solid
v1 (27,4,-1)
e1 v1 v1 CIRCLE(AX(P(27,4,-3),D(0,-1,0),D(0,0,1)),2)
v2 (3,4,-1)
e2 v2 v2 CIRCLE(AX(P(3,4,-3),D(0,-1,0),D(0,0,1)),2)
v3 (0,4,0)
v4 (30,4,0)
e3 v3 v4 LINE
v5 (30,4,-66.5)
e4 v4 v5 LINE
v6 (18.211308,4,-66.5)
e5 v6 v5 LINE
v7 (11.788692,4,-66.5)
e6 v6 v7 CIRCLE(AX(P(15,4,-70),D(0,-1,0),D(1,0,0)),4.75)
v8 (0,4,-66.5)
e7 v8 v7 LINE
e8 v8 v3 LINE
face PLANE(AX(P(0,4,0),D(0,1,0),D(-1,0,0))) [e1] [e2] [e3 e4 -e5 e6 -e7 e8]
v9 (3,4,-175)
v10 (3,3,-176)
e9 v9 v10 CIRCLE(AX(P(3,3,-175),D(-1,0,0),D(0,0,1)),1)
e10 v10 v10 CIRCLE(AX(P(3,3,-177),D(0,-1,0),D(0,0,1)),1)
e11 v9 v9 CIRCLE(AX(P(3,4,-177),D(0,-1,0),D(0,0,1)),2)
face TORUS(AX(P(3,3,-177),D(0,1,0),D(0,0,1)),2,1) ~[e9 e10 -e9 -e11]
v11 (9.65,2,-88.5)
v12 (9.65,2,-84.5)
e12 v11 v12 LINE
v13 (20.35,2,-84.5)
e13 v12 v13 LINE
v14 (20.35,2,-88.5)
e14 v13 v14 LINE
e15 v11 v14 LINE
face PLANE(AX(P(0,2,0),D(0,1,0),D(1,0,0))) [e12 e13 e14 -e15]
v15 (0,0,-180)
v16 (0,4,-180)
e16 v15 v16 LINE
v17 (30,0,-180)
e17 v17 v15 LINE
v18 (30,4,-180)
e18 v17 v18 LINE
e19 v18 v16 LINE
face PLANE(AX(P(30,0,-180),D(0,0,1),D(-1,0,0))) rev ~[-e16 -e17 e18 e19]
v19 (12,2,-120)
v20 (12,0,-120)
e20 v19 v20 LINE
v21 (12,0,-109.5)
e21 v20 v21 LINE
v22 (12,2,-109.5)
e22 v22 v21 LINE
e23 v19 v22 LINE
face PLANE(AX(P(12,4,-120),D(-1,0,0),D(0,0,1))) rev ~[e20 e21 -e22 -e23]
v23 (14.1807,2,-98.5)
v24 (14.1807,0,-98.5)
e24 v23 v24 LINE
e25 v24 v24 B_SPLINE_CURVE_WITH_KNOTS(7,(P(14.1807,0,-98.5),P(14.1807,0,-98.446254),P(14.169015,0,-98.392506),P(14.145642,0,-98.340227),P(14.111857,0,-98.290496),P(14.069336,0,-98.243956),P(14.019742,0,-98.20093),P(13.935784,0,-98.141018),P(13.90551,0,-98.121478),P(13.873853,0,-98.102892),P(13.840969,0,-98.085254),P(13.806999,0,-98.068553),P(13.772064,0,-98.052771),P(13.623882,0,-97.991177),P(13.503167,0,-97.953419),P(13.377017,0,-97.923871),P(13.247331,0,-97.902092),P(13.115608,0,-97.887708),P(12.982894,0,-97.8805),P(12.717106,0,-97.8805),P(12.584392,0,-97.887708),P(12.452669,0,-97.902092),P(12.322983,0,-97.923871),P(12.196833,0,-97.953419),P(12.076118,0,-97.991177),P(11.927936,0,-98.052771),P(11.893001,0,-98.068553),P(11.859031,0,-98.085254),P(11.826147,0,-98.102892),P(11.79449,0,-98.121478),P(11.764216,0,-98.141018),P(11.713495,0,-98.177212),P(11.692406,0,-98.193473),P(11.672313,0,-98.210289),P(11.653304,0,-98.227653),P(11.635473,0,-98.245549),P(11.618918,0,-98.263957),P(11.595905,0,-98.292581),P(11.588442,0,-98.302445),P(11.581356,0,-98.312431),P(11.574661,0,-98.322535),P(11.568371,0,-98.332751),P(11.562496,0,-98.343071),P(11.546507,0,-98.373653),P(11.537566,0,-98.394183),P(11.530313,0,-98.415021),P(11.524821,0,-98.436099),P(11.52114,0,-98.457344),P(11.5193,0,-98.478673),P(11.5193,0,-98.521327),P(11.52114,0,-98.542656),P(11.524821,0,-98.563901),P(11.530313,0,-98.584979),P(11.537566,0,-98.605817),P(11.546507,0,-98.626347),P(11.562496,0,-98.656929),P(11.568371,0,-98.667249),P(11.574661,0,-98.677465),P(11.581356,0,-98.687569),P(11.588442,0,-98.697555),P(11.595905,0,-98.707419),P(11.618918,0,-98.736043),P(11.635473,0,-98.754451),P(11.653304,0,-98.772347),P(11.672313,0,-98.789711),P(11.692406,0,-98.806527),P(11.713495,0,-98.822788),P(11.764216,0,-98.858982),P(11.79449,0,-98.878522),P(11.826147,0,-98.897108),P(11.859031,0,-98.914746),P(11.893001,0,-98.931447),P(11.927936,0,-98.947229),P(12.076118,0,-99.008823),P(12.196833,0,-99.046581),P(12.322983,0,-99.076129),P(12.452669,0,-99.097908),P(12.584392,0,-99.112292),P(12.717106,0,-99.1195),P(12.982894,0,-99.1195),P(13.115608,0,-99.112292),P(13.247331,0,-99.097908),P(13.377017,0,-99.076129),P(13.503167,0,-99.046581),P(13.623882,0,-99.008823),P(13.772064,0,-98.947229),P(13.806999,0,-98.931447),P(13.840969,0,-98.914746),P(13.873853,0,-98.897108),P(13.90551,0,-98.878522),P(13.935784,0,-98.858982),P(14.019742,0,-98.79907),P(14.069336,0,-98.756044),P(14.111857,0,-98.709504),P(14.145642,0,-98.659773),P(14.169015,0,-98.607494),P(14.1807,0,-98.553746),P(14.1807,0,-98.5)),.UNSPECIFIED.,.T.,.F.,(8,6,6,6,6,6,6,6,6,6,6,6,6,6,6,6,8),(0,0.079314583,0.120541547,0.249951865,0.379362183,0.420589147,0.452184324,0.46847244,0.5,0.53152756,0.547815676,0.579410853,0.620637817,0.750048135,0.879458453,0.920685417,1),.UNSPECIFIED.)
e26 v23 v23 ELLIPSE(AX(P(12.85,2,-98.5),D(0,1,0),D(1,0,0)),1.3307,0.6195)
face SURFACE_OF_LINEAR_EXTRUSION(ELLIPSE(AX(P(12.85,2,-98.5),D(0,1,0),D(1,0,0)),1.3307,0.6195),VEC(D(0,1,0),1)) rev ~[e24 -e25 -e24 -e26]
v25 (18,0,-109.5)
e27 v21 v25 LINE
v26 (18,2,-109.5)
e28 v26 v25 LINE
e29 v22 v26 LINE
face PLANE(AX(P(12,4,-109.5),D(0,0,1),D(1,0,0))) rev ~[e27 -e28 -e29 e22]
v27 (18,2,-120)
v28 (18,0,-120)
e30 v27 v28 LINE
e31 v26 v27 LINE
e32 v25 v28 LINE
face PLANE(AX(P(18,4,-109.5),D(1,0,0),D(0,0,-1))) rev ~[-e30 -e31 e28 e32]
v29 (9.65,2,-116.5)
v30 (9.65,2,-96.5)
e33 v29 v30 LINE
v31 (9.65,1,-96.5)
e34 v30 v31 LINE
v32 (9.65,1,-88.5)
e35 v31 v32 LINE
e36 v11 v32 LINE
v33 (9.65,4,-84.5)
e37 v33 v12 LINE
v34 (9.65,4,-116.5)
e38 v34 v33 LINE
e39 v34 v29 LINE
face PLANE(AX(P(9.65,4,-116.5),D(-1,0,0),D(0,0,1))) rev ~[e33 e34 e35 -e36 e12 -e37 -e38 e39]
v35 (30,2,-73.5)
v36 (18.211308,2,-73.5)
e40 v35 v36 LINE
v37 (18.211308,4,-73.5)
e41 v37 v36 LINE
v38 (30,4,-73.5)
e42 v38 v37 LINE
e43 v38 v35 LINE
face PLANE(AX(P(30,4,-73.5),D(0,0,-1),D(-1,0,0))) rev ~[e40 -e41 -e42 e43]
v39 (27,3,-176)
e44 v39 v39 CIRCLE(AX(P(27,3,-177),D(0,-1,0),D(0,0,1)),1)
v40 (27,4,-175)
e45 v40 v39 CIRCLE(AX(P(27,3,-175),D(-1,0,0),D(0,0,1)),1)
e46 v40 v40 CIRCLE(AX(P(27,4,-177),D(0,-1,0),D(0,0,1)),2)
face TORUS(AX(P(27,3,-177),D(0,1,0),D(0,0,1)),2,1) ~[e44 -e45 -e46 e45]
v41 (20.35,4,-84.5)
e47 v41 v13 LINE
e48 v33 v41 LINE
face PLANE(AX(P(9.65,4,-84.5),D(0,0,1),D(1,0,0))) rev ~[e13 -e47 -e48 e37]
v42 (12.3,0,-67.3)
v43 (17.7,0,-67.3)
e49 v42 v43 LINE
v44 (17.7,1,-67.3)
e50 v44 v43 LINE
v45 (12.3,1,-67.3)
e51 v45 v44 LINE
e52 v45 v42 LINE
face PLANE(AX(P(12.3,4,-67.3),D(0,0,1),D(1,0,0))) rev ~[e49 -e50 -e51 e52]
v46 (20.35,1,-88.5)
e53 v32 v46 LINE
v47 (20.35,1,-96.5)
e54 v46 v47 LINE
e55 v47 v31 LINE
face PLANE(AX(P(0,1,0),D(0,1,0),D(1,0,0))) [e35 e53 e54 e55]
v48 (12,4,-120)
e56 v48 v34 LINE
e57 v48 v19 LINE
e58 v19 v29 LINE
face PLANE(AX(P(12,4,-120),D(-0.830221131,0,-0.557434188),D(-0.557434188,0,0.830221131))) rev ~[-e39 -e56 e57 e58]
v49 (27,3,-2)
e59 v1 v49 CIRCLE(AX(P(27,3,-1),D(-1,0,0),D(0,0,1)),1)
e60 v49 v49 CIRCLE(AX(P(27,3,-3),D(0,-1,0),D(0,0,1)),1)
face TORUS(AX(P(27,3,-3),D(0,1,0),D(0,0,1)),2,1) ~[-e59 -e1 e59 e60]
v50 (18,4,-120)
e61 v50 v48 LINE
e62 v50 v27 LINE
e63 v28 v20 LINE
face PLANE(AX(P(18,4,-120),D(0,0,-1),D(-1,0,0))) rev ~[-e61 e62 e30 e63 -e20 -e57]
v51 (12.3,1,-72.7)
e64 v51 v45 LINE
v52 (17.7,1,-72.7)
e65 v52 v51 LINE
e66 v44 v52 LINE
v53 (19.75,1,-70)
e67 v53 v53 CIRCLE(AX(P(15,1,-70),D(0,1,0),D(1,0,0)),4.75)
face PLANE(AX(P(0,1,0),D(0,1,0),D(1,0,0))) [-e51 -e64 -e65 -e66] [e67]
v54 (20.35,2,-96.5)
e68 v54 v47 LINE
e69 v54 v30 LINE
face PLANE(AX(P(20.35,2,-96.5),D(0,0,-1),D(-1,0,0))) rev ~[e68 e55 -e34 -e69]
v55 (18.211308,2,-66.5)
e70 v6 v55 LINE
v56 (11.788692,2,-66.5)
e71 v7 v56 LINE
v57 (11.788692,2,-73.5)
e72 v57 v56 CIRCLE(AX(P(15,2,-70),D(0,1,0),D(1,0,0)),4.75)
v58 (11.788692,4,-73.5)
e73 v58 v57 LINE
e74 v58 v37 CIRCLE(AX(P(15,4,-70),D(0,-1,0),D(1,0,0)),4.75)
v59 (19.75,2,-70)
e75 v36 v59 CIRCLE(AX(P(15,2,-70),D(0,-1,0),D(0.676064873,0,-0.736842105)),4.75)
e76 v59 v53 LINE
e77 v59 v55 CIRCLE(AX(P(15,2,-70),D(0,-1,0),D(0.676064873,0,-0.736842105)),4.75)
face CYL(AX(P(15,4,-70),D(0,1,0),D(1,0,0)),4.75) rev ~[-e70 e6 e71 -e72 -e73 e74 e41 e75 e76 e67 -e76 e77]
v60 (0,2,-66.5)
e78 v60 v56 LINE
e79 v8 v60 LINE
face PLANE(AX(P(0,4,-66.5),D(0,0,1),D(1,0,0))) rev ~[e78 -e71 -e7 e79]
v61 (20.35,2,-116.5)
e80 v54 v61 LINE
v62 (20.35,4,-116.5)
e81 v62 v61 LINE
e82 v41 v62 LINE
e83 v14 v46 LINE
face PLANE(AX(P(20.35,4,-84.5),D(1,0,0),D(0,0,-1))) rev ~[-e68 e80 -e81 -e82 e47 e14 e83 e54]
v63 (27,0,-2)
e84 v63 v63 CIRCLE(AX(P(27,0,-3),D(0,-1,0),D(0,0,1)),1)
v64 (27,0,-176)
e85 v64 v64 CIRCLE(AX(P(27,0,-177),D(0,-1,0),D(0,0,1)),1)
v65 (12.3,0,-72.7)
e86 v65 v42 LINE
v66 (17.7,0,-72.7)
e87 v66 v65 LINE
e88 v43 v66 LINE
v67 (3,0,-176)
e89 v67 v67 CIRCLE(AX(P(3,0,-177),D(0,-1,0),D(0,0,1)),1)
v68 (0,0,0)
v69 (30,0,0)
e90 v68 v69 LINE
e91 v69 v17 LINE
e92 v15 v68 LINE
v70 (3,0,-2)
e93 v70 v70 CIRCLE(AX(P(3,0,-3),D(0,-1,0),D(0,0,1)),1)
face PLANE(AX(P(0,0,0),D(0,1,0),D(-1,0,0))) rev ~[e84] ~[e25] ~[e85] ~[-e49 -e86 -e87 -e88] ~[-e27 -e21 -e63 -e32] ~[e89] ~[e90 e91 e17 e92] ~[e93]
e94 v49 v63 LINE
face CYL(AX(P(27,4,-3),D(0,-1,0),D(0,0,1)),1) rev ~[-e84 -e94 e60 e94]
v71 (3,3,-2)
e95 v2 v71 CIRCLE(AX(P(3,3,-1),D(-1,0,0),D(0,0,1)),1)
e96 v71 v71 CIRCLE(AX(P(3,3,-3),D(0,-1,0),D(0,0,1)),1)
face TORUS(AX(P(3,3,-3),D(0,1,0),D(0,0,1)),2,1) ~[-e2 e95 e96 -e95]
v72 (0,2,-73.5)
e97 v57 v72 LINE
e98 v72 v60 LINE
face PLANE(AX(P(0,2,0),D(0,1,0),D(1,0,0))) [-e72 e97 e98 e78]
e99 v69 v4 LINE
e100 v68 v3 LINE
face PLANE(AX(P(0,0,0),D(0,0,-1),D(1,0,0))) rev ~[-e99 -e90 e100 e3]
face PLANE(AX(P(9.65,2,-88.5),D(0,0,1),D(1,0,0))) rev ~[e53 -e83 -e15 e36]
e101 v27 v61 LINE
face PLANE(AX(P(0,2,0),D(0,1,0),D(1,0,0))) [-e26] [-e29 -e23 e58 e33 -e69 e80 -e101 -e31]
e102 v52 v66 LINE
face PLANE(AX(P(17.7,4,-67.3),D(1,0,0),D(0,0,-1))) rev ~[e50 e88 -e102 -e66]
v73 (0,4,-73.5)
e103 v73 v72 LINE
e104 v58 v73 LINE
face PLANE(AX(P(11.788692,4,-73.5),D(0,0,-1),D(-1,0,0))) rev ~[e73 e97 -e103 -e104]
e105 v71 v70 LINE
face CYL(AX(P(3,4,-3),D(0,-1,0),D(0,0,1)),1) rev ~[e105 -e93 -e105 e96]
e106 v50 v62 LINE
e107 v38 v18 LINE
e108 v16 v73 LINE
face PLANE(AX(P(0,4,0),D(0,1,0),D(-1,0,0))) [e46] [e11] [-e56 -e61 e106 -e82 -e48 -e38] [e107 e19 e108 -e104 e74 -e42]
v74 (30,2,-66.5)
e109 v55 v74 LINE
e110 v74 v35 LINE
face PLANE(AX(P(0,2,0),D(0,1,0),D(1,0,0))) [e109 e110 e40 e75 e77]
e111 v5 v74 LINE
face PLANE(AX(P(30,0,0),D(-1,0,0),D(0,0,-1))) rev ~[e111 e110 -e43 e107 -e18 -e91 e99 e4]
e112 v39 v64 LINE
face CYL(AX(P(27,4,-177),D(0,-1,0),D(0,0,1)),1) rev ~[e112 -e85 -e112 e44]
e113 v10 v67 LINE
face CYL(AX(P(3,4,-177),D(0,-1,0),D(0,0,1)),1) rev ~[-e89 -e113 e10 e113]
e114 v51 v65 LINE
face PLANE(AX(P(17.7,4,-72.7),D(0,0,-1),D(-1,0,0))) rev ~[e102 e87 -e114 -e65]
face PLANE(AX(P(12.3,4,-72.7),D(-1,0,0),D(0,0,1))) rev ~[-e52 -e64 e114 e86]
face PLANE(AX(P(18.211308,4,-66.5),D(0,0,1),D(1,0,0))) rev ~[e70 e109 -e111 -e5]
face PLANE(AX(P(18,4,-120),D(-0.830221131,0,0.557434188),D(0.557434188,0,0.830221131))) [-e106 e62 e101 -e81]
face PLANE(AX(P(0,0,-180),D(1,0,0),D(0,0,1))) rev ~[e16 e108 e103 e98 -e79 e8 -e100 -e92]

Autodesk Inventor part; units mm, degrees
ref_plane "YZ Plane" through (0, 0, 0) normal (1, 0, 0) x (0, 1, 0)
ref_plane "XZ Plane" through (0, 0, 0) normal (0, 1, 0) x (-1, 0, 0)
ref_plane "XY Plane" through (0, 0, 0) normal (0, 0, 1) x (1, 0, 0)
sketch "Náčrt1" plane through (0, 0, 0) normal (0, 1, 0) x (-1, 0, 0)
  line L0 (0, 0) -> (-30, 0)
  line L1 (-30, 0) -> (-30, -180)
  line L2 (-30, -180) -> (0, -180)
  line L3 (0, -180) -> (0, 0)
  dimension "d0" = 30
  dimension "d1" = 180
extrude "Vysunutí1" add sketch "Náčrt1" along normal blind 4
sketch "Náčrt2" plane through (0, 4, 0) normal (0, 1, 0) x (1, 0, 0)
  line L0 (30, 0) -> (30, 180) projected
  line L1 (30, 180) -> (0, 180) projected
  line L2 (0, 180) -> (0, 0) projected
  line L3 (0, 0) -> (30, 0) projected
  line L4 (15, 0) -> (15, 180) construction
  line L5 (9.65, 84.5) -> (20.35, 84.5)
  line L6 (20.35, 84.5) -> (20.35, 120)
  line L7 (20.35, 120) -> (9.65, 120)
  line L8 (9.65, 120) -> (9.65, 84.5)
  line L9 (12, 109.5) -> (18, 109.5)
  line L10 (18, 109.5) -> (18, 120)
  line L11 (18, 120) -> (12, 120)
  line L12 (12, 120) -> (12, 109.5)
  line L13 (18, 120) -> (20.35, 116.5)
  line L14 (12, 120) -> (9.65, 116.5)
  dimension "d4" = 10.7
  dimension "d5" = 35.5
  dimension "d6" = 60
  dimension "d7" = 6
  dimension "d8" = 10.5
  dimension "d9" = 32
extrude "Vysunutí2" cut sketch "Náčrt2" against normal blind 2 contours L8 L14 L12 L9 L10 L13 L6 L5
extrude "Vysunutí3" cut sketch "Náčrt2" against normal blind 4 contours L7 L10 L9 L12
sketch "Náčrt3" plane through (0, 4, 0) normal (0, 1, 0) x (1, 0, 0)
  circle A0 centre (15, 70) radius 4.75
  line L0 (30, 0) -> (30, 180) projected
  line L1 (30, 180) -> (0, 180) projected
  line L2 (0, 180) -> (0, 0) projected
  line L3 (0, 0) -> (30, 0) projected
  line L4 (12, 120) -> (18, 120) projected
  line L5 (18, 120) -> (20.35, 116.5) projected
  line L6 (20.35, 116.5) -> (20.35, 84.5) projected
  line L7 (20.35, 84.5) -> (9.65, 84.5) projected
  line L8 (9.65, 84.5) -> (9.65, 116.5) projected
  line L9 (9.65, 116.5) -> (12, 120) projected
  line L10 (15, 0) -> (15, 180) construction
  line L11 (12.3, 67.3) -> (17.7, 67.3)
  line L12 (17.7, 67.3) -> (17.7, 72.7)
  line L13 (17.7, 72.7) -> (12.3, 72.7)
  line L14 (12.3, 72.7) -> (12.3, 67.3)
  line L15 (0, 66.5) -> (30, 66.5)
  line L16 (30, 66.5) -> (30, 73.5)
  line L17 (30, 73.5) -> (0, 73.5)
  line L18 (0, 73.5) -> (0, 66.5)
  point P0 (11.7887, 73.5)
  point P1 (11.7887, 66.5)
  point P2 (18.2113, 73.5)
  point P3 (18.2113, 66.5)
  dimension "d14" = 9.5
  dimension "d15" = 70
  dimension "d16" = 5.4
  dimension "d17" = 5.4
  dimension "d18" = 2.7
  dimension "d19" = 7
  dimension "d20" = 3.5
extrude "Vysunutí4" cut sketch "Náčrt3" against normal blind 2 contours A0 L17 L0 L15 | A0 L15 L2 L17
extrude "Vysunutí5" cut sketch "Náčrt3" against normal blind 3 contours A0 L15 L17 | L17 A0 | A0 L15
extrude "Vysunutí6" cut sketch "Náčrt3" against normal blind 4 contours L14 L13 L12 L11
sketch "Náčrt4" plane through (0, 2, 0) normal (0, 1, 0) x (1, 0, 0)
  line L0 (20.35, 116.5) -> (20.35, 84.5) construction
  line L1 (18, 120) -> (20.35, 116.5) construction
  line L2 (18, 109.5) -> (18, 120) construction
  line L3 (12, 109.5) -> (18, 109.5) construction
  line L4 (12, 120) -> (12, 109.5) construction
  line L5 (9.65, 116.5) -> (12, 120) construction
  line L6 (9.65, 84.5) -> (9.65, 116.5) construction
  line L7 (20.35, 84.5) -> (9.65, 84.5) construction
  line L8 (9.65, 88.5) -> (20.35, 88.5)
  line L9 (20.35, 88.5) -> (20.35, 96.5)
  line L10 (20.35, 96.5) -> (9.65, 96.5)
  line L11 (9.65, 96.5) -> (9.65, 88.5)
  ellipse E0 centre (12.85, 98.5) end of major axis (14.1807, 98.5) minor radius 0.6195
  point P0 (0, 0)
  dimension "d27" = 8
  dimension "d28" = 4
  dimension "d29" = 14
  dimension "d30" = 3.2
extrude "Vysunutí7" cut sketch "Náčrt4" against normal blind 4 contours E0
extrude "Vysunutí8" cut sketch "Náčrt4" against normal blind 1 contours L11 L10 L9 L8
sketch "Náčrt5" plane through (0, 4, 0) normal (0, 1, 0) x (1, 0, 0)
  line L0 (0, 0) -> (30, 0) projected
  line L1 (0, 66.5) -> (0, 0) projected
  line L2 (15, 0) -> (15, 180) construction
  line L3 (30, 180) -> (0, 180) construction
  line L4 (30, 0) -> (30, 180) construction
  line L5 (30, 90) -> (0, 90) construction
  point P0 (3, 3)
  point P1 (27, 3)
  point P2 (3, 177)
  point P3 (27, 177)
  dimension "d35" = 3
  dimension "d36" = 3
hole "Díra1" at (3, 4, -3) at (27, 4, -3) at (3, 4, -177) at (27, 4, -177) direction (0, -1, 0) diameter 2 end through all
fillet "Zaoblení1" radius 1 4 edges at (27, 4, -4) (3, 4, -4) (27, 4, -178) (3, 4, -178)
equation "\"d18\" = 0.5 * d16"
equation "\"d20\" = 0.5 * d19"
properties part number "BackboardV3"
